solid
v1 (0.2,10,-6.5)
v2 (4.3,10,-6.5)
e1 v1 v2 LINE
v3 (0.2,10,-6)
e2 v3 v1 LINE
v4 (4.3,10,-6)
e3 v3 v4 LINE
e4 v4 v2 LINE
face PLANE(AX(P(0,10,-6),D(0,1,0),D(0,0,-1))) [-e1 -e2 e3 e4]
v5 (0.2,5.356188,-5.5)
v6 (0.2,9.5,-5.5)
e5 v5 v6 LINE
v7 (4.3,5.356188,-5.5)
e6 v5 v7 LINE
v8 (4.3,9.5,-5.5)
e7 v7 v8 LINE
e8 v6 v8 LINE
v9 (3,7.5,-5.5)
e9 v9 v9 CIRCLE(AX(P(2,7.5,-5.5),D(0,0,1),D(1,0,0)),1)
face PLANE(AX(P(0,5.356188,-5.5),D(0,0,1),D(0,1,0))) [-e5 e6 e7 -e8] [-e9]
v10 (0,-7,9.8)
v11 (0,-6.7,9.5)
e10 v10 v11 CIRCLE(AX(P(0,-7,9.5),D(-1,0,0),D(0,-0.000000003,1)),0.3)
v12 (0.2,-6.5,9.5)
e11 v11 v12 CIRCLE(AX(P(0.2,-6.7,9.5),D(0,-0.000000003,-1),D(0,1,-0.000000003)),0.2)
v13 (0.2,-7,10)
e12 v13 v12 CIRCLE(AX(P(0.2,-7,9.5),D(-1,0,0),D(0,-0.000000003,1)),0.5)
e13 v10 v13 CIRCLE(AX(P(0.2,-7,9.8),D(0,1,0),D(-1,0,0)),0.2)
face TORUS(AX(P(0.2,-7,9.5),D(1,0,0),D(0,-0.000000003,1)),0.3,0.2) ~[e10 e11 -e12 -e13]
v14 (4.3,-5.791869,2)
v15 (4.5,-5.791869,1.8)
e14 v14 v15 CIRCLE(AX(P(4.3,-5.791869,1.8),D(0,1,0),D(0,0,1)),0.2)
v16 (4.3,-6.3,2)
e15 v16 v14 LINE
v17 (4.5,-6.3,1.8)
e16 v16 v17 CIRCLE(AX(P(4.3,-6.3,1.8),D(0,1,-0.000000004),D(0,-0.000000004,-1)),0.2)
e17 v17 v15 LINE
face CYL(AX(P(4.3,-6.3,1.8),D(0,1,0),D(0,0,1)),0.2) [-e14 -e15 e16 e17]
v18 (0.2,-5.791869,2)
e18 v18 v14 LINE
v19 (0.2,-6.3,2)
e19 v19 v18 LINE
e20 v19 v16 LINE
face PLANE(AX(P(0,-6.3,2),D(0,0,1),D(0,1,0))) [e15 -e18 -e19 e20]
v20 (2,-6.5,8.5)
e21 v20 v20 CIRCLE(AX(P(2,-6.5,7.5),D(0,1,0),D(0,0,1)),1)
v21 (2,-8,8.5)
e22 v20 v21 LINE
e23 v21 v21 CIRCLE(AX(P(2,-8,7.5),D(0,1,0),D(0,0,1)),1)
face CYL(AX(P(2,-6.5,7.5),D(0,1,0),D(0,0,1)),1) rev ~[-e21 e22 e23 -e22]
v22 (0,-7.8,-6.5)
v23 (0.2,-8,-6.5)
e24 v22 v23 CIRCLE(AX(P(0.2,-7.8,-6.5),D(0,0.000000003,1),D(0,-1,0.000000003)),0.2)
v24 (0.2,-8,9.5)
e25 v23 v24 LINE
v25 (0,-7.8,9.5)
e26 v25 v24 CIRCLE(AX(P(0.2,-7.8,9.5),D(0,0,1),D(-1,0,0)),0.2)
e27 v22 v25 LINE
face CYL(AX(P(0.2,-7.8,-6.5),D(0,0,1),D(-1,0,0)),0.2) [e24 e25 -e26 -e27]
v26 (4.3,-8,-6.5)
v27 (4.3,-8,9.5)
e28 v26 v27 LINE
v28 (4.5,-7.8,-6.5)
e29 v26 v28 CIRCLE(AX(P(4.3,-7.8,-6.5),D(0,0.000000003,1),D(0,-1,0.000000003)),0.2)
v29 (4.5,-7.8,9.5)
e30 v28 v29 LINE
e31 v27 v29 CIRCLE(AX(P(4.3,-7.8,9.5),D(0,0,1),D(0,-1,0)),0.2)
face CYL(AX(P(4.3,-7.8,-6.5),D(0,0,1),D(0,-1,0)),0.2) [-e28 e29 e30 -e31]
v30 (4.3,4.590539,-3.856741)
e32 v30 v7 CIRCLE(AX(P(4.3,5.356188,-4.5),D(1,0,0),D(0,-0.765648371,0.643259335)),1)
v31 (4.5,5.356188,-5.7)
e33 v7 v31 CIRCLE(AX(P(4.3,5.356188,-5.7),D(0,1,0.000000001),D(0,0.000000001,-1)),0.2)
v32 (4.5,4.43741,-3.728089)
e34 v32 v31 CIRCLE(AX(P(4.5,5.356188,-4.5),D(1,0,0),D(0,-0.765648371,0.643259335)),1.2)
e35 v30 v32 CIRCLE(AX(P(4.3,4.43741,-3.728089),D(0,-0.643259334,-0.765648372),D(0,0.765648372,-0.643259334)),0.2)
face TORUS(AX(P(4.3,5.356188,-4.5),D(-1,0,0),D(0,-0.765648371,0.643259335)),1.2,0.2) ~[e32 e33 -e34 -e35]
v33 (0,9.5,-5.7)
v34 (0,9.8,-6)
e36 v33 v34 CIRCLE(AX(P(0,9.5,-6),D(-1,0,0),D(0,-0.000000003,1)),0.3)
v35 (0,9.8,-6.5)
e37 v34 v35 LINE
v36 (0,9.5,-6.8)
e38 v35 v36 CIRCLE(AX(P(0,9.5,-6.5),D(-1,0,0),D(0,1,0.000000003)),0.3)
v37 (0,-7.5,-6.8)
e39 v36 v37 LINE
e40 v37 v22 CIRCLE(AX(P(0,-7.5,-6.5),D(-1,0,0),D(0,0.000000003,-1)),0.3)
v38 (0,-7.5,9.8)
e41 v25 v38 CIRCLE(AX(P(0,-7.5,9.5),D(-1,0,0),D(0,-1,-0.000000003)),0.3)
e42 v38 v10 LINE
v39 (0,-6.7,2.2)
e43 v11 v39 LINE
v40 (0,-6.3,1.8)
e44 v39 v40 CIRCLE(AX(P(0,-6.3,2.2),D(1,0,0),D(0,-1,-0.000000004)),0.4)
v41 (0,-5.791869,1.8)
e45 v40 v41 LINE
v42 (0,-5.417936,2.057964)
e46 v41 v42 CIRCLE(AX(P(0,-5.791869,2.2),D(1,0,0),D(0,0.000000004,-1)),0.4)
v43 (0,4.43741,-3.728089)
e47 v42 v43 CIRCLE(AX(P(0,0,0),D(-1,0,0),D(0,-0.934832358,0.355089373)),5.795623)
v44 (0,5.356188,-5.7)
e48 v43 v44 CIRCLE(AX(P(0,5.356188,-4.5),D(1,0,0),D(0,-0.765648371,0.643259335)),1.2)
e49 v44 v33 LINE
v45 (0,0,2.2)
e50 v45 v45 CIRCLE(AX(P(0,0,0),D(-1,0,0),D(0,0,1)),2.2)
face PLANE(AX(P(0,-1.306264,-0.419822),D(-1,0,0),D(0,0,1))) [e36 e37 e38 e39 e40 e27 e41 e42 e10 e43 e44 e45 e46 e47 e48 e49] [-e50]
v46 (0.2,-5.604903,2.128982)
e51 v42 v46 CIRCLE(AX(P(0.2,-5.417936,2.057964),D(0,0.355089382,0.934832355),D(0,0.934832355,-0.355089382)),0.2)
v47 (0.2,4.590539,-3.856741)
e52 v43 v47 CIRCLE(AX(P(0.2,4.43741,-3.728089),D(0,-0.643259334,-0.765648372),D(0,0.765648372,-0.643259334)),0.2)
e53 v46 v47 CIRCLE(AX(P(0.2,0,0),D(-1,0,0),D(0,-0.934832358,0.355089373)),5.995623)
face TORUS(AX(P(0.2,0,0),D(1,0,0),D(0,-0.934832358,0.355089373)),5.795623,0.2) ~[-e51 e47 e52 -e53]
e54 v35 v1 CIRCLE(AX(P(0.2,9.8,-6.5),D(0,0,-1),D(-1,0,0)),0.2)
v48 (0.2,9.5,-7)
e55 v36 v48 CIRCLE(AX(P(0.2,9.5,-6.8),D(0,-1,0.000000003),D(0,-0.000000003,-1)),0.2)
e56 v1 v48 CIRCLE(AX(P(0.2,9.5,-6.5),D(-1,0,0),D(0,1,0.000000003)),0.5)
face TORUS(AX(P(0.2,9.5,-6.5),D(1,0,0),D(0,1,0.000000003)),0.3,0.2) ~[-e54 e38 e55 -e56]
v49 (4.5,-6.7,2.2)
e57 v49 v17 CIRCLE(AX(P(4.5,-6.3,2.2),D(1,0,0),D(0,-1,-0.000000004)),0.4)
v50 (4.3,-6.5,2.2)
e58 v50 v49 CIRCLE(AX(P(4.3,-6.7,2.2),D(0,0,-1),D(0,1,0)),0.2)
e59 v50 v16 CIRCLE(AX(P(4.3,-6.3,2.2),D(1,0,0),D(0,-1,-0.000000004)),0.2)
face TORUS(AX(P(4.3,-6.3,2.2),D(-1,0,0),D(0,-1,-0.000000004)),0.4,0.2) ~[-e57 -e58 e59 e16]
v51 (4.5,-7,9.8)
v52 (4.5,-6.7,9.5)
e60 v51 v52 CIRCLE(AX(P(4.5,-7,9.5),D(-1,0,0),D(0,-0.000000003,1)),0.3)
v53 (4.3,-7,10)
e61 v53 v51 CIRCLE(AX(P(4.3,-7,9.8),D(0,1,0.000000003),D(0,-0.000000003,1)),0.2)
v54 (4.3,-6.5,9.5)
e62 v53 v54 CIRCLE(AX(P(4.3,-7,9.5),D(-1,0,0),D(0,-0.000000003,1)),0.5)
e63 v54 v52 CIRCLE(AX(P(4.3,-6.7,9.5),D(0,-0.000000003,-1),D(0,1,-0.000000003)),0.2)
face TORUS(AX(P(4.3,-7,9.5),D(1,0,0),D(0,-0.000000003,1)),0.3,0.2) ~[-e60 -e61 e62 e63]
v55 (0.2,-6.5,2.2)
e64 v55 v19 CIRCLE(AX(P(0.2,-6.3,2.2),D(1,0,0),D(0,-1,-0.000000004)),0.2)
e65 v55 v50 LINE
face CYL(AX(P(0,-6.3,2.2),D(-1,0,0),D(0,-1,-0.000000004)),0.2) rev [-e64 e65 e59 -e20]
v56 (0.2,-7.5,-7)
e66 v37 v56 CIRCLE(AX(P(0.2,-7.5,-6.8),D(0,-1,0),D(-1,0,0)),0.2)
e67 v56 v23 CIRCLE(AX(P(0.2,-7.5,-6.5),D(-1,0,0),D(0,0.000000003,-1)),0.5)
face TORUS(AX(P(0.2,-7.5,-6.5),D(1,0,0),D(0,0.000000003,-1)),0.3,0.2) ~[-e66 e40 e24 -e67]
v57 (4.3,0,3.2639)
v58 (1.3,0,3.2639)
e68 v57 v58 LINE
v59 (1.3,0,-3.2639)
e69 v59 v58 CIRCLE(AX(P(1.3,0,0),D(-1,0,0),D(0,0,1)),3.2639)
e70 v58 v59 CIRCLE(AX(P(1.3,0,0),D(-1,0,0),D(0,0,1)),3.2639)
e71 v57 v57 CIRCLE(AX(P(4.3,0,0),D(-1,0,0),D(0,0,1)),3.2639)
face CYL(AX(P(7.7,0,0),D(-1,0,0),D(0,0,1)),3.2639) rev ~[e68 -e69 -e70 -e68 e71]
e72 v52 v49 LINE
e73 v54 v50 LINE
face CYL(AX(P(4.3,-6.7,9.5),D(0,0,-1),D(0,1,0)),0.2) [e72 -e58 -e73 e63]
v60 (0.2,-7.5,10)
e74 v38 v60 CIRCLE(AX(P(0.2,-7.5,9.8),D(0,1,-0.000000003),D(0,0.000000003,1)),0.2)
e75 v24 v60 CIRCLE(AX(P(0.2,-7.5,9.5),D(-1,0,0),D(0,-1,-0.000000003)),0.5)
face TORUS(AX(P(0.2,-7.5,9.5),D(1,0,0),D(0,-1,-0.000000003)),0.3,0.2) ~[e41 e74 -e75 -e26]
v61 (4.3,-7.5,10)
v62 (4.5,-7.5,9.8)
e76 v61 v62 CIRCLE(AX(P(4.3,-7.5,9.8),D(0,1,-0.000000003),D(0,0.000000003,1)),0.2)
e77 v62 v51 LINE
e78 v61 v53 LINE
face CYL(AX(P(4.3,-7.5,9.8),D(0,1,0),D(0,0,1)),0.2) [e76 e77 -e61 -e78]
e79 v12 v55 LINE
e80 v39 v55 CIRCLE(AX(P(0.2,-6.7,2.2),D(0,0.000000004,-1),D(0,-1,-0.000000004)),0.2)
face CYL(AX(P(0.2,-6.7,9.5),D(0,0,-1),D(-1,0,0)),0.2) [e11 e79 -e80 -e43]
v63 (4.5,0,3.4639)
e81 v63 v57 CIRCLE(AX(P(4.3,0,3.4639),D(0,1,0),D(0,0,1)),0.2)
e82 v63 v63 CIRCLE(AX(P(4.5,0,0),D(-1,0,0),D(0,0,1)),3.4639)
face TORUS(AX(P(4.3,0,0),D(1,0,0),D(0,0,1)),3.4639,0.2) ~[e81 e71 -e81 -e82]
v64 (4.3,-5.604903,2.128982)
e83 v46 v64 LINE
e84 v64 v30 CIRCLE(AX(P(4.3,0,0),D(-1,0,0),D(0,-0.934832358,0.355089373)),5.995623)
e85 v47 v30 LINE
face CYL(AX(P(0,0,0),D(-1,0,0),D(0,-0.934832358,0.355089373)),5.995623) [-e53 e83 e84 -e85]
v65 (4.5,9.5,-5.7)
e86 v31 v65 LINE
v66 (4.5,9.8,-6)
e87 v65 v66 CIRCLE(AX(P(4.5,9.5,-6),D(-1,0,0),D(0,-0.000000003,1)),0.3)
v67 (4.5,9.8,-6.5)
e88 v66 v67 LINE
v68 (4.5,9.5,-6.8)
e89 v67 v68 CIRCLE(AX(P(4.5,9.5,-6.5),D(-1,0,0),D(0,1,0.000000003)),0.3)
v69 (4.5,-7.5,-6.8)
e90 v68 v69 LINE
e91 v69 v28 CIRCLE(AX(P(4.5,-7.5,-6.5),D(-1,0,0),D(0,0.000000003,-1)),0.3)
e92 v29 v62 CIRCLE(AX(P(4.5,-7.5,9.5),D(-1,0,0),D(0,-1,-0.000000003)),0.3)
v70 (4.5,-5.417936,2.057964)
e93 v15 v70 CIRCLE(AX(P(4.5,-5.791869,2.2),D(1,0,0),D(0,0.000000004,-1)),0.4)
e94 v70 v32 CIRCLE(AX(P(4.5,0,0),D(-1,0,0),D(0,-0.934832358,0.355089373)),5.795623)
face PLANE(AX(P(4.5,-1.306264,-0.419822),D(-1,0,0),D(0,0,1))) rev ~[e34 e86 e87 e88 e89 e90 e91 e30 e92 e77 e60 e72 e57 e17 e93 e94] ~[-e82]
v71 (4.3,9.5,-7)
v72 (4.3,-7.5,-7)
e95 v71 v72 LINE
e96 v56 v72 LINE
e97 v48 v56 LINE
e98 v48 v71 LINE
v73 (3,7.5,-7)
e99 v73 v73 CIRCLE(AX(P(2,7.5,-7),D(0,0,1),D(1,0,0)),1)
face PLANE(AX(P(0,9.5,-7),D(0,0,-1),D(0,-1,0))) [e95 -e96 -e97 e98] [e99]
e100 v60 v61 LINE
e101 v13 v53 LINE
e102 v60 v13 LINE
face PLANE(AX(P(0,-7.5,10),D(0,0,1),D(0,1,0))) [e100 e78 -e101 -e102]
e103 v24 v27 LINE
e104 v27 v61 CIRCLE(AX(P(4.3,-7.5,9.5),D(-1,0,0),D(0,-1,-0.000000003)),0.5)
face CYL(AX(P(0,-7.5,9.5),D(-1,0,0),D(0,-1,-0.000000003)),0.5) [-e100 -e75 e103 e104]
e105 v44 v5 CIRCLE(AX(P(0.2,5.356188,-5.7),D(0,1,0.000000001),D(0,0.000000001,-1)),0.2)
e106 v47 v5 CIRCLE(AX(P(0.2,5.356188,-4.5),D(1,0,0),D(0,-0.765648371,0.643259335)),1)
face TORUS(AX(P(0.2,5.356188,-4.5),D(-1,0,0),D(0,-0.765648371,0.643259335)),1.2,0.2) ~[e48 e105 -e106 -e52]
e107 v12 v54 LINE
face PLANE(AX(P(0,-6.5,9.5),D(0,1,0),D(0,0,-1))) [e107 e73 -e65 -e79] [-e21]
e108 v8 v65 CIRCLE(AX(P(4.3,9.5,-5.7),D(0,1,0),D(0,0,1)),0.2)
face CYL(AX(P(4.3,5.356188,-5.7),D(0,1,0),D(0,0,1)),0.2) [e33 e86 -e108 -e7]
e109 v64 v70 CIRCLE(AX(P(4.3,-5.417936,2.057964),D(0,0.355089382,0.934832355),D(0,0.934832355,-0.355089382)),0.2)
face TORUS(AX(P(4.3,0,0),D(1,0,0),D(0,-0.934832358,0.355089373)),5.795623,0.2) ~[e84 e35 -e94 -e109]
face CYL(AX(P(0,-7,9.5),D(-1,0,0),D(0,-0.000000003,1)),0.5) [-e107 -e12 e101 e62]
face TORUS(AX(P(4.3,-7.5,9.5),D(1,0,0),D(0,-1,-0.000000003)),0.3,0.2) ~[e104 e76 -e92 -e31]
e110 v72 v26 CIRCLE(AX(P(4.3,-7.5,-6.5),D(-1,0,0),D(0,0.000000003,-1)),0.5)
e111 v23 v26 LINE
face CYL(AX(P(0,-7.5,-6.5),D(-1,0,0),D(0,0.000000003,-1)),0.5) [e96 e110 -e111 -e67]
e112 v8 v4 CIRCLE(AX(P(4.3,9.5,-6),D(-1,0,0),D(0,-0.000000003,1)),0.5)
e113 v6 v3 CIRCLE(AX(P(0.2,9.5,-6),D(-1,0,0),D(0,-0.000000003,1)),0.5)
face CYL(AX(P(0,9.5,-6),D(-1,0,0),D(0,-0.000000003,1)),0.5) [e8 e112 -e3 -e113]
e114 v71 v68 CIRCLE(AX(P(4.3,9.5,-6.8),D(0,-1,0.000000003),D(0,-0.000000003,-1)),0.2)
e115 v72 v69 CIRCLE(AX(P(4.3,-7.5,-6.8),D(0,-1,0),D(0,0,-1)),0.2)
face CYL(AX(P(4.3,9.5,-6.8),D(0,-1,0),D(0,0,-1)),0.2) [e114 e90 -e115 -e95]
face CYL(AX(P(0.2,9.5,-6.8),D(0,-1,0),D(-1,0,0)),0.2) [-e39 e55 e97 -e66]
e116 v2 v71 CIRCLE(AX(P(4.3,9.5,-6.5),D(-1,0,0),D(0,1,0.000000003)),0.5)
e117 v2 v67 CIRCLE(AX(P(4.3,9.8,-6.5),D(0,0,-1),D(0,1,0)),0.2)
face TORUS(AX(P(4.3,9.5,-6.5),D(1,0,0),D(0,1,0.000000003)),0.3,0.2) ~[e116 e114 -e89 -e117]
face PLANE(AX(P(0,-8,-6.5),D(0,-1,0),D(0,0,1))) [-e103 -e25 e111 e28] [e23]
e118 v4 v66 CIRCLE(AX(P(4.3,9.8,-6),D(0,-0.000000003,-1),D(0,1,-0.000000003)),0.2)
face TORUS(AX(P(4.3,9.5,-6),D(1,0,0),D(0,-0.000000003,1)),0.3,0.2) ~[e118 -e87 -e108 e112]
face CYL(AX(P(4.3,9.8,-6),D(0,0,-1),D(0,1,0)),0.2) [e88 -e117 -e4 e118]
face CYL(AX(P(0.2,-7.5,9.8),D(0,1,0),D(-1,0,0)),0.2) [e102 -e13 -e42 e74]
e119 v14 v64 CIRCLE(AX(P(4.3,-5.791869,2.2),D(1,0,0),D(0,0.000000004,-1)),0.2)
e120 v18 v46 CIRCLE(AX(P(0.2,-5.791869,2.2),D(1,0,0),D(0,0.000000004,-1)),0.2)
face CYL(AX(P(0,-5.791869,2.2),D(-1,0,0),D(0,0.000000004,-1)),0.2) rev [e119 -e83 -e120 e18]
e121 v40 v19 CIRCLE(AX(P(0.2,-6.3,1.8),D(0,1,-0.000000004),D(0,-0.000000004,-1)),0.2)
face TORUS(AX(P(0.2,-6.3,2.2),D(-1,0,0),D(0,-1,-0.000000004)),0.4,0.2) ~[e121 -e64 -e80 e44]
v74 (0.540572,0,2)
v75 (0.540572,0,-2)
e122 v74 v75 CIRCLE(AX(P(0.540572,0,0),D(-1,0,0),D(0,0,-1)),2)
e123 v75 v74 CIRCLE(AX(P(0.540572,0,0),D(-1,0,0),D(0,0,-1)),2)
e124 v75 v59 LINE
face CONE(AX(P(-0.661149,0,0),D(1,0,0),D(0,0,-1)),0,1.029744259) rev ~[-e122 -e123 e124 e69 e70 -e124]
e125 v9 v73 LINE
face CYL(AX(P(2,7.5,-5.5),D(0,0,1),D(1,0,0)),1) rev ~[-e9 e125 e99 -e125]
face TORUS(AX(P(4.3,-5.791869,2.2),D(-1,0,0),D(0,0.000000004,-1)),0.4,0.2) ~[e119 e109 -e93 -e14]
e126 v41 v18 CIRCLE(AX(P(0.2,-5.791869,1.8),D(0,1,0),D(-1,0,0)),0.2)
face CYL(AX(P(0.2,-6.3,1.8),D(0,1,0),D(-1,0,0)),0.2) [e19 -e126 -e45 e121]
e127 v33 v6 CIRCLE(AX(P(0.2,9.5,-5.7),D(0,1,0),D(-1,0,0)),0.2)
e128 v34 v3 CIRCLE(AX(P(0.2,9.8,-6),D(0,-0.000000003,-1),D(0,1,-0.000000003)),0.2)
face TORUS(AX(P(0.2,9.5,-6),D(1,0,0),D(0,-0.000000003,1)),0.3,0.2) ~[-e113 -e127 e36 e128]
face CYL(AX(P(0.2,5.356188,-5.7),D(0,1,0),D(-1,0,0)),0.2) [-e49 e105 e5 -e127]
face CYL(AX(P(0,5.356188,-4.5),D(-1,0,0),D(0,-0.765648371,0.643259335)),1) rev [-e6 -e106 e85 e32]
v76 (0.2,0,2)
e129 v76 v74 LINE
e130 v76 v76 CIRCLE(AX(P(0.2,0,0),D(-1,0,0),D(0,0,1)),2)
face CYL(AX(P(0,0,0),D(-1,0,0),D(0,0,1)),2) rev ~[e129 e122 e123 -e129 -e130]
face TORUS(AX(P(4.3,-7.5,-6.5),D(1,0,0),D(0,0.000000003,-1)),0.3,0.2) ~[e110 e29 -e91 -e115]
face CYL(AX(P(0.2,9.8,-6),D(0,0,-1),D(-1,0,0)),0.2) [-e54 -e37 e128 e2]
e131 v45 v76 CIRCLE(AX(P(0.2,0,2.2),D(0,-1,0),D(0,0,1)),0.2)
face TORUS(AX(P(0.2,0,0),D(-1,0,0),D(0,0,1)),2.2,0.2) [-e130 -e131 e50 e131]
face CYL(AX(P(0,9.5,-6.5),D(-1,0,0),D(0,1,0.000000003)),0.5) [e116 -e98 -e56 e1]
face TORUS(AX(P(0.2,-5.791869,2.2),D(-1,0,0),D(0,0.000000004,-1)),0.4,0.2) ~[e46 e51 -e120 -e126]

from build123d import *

# Parameters (mm, degrees)
EXTRUDE_1_DEPTH             = 4.5
SKETCH_2_R                  = 2
CUT_EXTRUDE_1_DEPTH         = 10
HOLE_WIZARD_5_16_18_1_D     = 6.5278
HOLE_WIZARD_5_16_18_1_DEPTH = 3.2
HOLE_WIZARD_5_16_18_1_TIP   = 1.961148974
CUT_EXTRUDE_2_REACH         = 21.812
SKETCH_5_R                  = 1
CUT_EXTRUDE_3_REACH         = 20.987
SKETCH_6_R                  = 1
FILLET_1_R                  = 0.2


with BuildPart() as part:
    # 草图1 → 凸台-拉伸1 (new body)
    with BuildSketch(Plane(origin=(0, 0, 0), x_dir=(0, 0, -1), z_dir=(1, 0, 0))):
        with BuildLine():
            Line((-9.5, -6.5), (-2.2, -6.5))
            ThreePointArc((-2.2, -6.5), (-2.058578644, -6.441421356), (-2, -6.3))
            Line((-2, -6.3), (-2, -5.791869158))
            ThreePointArc((-2, -5.791869158), (-2.035373795, -5.67829886), (-2.128982125, -5.604902686))
            ThreePointArc((-2.128982125, -5.604902686), (-5.170400988, 3.035531689), (3.856740666, 4.590539233))
            ThreePointArc((3.856740666, 4.590539233), (4.922339121, 4.449749704), (5.5, 5.356187605))
            Line((5.5, 5.356187605), (5.5, 9.5))
            ThreePointArc((5.5, 9.5), (5.646446609, 9.853553391), (6, 10))
            Line((6, 10), (6.5, 10))
            ThreePointArc((6.5, 10), (6.853553391, 9.853553391), (7, 9.5))
            Line((7, 9.5), (7, -7.5))
            ThreePointArc((7, -7.5), (6.853553391, -7.853553391), (6.5, -8))
            Line((6.5, -8), (-9.5, -8))
            ThreePointArc((-9.5, -8), (-9.853553391, -7.853553391), (-10, -7.5))
            Line((-10, -7.5), (-10, -7))
            ThreePointArc((-10, -7), (-9.853553391, -6.646446609), (-9.5, -6.5))
        make_face()
    extrude(amount=EXTRUDE_1_DEPTH)

    # 草图2 → 切除-拉伸1 (cut)
    with BuildSketch(Plane.ZY):
        Circle(SKETCH_2_R)
    extrude(amount=-CUT_EXTRUDE_1_DEPTH, mode=Mode.SUBTRACT)

    # 5/16-18 螺纹孔1
    with Locations(Plane(origin=(4.5, 0, 0), x_dir=(0, 0, -1), z_dir=(1, 0, 0))):
        with Locations((0, 0)):
            Hole(HOLE_WIZARD_5_16_18_1_D / 2, depth=HOLE_WIZARD_5_16_18_1_DEPTH)
            with Locations((0, 0, -(HOLE_WIZARD_5_16_18_1_DEPTH + HOLE_WIZARD_5_16_18_1_TIP / 2))):  # 118° drill point
                Cone(0, HOLE_WIZARD_5_16_18_1_D / 2, HOLE_WIZARD_5_16_18_1_TIP, mode=Mode.SUBTRACT)

    # 草图5 → 切除-拉伸2 (cut, up to next)
    with BuildSketch(Plane(origin=(0, -6.5, 0), x_dir=(1, 0, 0), z_dir=(0, 1, 0)), mode=Mode.PRIVATE) as cut_extrude_2_sk1:
        with Locations(Location((2, -7.5, 0), (0, 0, 270))):
            Circle(SKETCH_5_R)
    cut_extrude_2_tool1 = extrude(cut_extrude_2_sk1.sketch, amount=-CUT_EXTRUDE_2_REACH, mode=Mode.PRIVATE) & part.part
    add(cut_extrude_2_tool1.solids().sort_by_distance((2, -6.5, 7.5))[0], mode=Mode.SUBTRACT)

    # 草图6 → 切除-拉伸3 (cut, up to next)
    with BuildSketch(Plane.XY.offset(-5.5), mode=Mode.PRIVATE) as cut_extrude_3_sk1:
        with Locations((2, 7.5)):
            Circle(SKETCH_6_R)
    cut_extrude_3_tool1 = extrude(cut_extrude_3_sk1.sketch, amount=-CUT_EXTRUDE_3_REACH, mode=Mode.PRIVATE) & part.part
    add(cut_extrude_3_tool1.solids().sort_by_distance((2, 7.5, -5.5))[0], mode=Mode.SUBTRACT)

    # 圆角1
    fillet_1_edges = [part.edges().sort_by_distance(p)[0] for p in [
        (4.5, -6.646446609, 9.853553391),
        (4.5, -7.25, 10),
        (0, -6.441421356, 2.058578644),
        (0, -6.045934579, 2),
        (0, -5.67829886, 2.035373795),
        (0, 3.035531689, 5.170400988),
        (4.5, -7.853553391, 9.853553391),
        (0, 4.449749704, -4.922339121),
        (0, 7.428093802, -5.5),
        (0, 9.853553391, -5.646446609),
        (0, 10, -6.25),
        (0, 9.853553391, -6.853553391),
        (0, 1, -7),
        (0, -7.853553391, -6.853553391),
        (0, -8, 1.5),
        (4.5, -8, 1.5),
        (0, -7.853553391, 9.853553391),
        (0, -7.25, 10),
        (0, -6.646446609, 9.853553391),
        (0, -6.5, 5.85),
        (4.5, -7.853553391, -6.853553391),
        (4.5, 1, -7),
        (4.5, 9.853553391, -6.853553391),
        (4.5, 10, -6.25),
        (4.5, 9.853553391, -5.646446609),
        (4.5, 7.428093802, -5.5),
        (4.5, -6.5, 5.85),
        (4.5, 4.449749704, -4.922339121),
        (0, 0, -2),
        (4.5, 3.035531689, 5.170400988),
        (4.5, 0, -3.2639),
        (4.5, -5.67829886, 2.035373795),
        (4.5, -6.045934579, 2),
        (4.5, -6.441421356, 2.058578644),
    ]]
    fillet(fillet_1_edges, radius=FILLET_1_R)


solid = part.part
